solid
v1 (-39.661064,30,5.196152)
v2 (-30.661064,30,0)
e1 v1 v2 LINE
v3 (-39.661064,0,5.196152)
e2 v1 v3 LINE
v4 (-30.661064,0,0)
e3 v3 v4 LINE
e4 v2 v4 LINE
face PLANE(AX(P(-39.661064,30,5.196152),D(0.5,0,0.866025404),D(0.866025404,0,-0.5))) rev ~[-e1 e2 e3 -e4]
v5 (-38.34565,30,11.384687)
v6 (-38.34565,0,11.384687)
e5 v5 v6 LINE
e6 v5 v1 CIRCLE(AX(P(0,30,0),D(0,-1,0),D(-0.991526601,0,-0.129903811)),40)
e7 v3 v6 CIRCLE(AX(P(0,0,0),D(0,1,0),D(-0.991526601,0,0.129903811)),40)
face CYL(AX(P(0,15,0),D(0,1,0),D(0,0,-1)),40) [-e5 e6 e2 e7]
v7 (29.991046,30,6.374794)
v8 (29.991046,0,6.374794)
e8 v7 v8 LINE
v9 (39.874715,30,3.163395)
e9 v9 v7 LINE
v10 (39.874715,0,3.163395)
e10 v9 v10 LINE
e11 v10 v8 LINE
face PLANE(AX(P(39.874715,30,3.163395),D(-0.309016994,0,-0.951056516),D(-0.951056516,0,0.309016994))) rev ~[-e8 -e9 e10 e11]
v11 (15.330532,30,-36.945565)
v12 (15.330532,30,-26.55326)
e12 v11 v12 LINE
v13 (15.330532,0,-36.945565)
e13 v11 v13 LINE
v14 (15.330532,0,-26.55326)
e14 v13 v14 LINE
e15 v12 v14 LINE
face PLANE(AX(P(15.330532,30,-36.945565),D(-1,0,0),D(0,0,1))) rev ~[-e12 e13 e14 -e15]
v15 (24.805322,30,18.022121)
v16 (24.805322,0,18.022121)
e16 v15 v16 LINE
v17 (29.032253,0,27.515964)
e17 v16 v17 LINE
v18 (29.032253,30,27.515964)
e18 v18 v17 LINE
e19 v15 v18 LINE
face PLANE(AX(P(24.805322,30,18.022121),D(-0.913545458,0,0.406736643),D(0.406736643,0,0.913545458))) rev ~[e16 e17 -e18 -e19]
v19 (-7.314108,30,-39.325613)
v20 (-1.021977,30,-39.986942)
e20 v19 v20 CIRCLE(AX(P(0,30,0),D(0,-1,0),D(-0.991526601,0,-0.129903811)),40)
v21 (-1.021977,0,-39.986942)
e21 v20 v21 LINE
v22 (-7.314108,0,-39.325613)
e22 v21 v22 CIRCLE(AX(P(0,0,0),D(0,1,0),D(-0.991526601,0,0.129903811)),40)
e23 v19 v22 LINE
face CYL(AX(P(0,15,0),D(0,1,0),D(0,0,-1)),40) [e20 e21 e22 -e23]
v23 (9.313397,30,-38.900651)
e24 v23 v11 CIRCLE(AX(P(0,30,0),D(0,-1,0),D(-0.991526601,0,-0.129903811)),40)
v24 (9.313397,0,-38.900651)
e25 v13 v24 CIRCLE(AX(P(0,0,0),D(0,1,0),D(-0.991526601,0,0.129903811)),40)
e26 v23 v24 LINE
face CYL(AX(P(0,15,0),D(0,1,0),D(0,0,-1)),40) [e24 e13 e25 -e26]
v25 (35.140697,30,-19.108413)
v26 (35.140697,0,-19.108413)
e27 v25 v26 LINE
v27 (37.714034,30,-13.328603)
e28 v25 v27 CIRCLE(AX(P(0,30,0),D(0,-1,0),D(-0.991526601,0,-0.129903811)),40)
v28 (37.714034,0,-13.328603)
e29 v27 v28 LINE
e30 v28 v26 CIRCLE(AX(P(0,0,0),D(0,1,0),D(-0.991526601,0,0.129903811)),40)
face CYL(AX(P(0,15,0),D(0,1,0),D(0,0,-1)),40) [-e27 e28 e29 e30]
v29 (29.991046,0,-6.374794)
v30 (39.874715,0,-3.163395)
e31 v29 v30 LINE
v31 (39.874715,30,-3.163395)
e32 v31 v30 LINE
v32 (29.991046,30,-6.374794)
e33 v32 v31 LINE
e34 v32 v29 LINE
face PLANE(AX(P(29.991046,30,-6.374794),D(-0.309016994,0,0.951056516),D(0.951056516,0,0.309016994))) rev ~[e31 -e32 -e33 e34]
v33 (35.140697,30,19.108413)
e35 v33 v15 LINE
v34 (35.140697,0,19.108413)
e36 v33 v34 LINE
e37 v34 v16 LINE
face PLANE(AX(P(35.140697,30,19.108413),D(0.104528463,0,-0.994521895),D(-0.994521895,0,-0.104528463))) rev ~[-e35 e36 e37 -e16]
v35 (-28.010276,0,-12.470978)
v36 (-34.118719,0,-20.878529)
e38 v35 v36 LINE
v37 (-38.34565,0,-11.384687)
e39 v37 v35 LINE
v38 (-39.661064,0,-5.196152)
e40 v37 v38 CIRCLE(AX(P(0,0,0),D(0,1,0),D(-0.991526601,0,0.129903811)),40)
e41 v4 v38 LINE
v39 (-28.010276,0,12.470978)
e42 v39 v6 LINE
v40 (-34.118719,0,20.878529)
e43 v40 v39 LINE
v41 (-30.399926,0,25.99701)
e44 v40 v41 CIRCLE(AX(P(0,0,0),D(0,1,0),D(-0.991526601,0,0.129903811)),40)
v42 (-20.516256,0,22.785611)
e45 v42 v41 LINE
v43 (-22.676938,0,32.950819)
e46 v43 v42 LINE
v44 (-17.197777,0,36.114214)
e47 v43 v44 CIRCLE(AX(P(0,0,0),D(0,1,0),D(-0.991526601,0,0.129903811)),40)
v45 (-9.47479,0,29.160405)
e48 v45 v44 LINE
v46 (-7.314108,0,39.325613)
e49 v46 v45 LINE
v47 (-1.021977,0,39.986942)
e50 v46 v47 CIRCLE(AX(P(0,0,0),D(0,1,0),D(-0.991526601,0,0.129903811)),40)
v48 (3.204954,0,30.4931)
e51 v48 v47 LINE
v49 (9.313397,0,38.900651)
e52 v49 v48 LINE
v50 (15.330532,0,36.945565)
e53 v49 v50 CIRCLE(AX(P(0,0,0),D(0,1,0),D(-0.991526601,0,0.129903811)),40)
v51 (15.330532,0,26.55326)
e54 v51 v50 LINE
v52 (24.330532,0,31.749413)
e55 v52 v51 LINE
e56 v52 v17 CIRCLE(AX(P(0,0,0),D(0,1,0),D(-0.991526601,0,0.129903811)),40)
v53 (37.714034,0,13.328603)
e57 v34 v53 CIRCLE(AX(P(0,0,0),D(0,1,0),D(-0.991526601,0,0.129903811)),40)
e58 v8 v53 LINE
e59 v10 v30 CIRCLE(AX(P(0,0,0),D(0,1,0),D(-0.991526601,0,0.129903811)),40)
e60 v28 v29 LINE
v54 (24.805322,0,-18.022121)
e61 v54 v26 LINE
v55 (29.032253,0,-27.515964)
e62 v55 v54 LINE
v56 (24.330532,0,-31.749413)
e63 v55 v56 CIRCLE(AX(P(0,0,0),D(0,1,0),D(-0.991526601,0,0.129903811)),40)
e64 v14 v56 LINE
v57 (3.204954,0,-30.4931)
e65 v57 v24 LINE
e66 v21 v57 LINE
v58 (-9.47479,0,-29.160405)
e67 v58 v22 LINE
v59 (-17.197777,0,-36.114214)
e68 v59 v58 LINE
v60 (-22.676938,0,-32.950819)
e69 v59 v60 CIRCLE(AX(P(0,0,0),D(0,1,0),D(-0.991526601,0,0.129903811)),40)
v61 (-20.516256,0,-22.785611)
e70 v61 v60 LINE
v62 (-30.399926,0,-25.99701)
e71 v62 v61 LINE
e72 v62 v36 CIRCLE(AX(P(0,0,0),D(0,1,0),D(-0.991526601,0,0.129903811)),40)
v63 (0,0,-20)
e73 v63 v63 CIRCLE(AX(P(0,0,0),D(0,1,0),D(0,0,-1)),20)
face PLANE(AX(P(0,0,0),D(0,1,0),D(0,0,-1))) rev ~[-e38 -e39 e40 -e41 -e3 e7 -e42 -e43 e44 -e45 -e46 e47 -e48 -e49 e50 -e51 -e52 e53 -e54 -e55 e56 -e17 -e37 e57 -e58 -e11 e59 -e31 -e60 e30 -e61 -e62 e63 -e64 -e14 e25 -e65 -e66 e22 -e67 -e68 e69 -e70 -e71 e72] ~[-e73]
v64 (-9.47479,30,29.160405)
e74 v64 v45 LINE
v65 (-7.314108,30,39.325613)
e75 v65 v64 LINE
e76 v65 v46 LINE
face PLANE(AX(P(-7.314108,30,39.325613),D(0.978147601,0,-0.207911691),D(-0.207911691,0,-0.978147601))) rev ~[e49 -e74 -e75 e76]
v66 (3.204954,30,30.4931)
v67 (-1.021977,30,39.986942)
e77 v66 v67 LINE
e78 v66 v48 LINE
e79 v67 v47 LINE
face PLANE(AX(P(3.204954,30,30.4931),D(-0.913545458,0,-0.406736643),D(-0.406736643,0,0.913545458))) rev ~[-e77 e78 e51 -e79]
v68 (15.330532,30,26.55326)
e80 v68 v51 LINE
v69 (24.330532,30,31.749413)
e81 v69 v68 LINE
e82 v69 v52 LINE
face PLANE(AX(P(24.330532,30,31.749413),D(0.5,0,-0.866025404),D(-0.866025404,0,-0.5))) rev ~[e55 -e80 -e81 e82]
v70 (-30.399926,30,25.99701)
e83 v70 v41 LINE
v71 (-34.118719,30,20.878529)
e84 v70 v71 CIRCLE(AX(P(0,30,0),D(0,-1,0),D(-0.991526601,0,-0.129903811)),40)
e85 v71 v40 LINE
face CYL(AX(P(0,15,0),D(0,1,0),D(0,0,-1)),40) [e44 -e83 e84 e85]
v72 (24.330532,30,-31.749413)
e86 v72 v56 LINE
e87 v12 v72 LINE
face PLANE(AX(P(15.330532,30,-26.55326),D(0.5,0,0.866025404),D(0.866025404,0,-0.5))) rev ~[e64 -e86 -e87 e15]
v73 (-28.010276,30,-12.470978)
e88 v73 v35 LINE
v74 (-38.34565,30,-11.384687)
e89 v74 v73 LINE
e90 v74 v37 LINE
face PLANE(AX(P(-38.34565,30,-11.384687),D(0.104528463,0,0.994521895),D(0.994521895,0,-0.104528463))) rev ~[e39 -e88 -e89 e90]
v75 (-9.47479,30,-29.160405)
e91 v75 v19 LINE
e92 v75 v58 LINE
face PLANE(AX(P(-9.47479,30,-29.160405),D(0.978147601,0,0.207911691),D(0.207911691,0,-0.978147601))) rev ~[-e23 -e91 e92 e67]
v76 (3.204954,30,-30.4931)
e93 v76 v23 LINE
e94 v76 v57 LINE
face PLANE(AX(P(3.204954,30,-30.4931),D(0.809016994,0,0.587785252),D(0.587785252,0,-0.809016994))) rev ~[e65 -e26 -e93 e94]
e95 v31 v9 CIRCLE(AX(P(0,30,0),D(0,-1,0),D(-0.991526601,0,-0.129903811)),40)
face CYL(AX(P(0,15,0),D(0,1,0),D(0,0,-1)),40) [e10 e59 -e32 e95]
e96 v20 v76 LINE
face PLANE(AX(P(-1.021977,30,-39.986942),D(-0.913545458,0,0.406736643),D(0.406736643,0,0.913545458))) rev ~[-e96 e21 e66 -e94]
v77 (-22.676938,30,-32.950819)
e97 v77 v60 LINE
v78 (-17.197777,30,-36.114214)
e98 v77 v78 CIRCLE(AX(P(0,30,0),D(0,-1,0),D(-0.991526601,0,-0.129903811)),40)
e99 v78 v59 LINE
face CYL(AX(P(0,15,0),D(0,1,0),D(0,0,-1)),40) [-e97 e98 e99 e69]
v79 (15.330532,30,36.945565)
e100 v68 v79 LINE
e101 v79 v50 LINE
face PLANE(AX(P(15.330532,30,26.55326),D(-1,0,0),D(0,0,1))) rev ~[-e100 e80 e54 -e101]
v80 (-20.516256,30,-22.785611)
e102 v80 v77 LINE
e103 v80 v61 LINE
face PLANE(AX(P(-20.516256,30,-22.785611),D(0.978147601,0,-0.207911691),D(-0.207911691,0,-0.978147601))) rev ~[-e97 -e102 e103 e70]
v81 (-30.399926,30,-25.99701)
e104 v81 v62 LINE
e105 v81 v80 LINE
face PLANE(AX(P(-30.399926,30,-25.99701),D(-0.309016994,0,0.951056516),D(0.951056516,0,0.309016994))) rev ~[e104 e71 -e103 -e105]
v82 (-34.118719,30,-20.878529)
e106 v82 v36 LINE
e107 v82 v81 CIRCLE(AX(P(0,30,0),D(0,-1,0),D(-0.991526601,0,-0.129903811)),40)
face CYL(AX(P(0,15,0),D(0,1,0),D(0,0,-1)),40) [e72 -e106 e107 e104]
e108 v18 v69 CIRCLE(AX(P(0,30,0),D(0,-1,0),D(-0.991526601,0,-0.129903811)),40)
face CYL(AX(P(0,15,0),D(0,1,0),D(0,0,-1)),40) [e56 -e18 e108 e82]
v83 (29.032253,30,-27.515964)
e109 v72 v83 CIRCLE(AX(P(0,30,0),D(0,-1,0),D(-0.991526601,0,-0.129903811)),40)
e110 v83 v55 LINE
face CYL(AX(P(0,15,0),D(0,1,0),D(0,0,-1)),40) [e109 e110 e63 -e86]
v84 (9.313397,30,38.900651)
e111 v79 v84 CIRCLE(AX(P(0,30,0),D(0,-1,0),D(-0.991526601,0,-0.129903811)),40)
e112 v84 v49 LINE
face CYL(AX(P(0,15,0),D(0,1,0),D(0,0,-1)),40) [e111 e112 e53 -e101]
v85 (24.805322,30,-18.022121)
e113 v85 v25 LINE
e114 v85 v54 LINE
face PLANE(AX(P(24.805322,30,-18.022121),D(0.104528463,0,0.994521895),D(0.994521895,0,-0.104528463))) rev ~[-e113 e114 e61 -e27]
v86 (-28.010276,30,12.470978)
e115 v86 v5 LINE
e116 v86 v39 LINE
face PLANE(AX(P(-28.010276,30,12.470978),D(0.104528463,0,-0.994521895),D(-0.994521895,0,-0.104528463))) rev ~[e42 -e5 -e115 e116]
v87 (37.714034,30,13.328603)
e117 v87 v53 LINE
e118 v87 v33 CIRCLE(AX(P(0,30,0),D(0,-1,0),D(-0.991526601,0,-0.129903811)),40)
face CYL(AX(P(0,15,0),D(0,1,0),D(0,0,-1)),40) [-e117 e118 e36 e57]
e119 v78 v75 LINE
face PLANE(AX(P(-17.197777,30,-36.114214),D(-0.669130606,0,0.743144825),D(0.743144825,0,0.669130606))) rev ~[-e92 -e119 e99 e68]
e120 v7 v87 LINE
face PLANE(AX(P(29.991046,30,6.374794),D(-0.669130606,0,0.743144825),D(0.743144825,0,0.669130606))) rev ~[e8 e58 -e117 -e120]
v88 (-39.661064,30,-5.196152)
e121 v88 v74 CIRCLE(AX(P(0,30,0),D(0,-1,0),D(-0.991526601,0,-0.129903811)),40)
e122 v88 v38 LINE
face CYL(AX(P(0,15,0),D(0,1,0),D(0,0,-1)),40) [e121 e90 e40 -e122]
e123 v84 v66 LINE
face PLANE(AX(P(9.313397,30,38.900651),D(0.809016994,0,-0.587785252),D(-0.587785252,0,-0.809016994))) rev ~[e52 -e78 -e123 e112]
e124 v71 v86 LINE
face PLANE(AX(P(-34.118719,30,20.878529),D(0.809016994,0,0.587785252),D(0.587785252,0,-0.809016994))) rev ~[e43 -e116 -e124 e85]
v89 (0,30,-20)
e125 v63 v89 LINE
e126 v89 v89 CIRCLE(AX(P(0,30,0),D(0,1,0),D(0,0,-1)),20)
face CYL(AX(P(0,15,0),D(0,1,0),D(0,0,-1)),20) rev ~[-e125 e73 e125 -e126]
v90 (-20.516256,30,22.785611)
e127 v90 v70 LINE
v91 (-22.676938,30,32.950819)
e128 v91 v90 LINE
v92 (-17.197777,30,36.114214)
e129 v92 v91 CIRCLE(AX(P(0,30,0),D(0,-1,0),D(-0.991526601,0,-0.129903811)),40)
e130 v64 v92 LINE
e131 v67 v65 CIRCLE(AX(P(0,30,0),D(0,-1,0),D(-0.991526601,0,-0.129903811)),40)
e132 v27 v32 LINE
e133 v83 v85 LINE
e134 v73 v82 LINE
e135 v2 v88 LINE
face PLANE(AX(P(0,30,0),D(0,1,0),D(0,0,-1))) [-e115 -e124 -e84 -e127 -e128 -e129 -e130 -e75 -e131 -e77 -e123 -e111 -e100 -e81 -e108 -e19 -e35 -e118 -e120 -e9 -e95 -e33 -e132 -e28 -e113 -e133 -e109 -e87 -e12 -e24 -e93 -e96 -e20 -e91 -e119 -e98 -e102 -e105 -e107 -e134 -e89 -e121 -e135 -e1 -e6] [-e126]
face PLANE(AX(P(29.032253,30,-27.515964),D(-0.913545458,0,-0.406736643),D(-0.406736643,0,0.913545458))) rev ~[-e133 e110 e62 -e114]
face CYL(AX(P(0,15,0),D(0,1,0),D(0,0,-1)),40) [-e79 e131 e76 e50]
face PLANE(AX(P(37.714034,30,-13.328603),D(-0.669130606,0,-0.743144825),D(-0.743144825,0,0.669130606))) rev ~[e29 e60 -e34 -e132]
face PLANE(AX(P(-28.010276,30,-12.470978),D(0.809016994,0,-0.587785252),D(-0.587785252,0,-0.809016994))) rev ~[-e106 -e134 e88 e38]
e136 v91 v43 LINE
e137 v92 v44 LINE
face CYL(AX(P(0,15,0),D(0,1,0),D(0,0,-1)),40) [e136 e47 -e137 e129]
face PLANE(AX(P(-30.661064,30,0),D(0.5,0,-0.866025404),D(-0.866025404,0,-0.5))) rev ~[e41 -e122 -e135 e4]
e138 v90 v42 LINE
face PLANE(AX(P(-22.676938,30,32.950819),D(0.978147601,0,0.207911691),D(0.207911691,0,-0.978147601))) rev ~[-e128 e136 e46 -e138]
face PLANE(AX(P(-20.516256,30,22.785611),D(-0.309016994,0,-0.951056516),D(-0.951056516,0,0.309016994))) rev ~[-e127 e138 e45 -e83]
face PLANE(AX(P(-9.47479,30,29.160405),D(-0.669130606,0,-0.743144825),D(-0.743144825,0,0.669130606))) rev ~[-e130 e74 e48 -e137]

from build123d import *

# Parameters (mm, degrees)
SKETCH_2_W               = 20
SKETCH_2_H               = 30
CUT_EXTRUDE_1_DEPTH      = 65.031242374
PATTERN_CIRCULAR_2_COUNT = 15


with BuildPart() as part:
    # 草图2 → 旋转1 (revolve)
    with BuildSketch(Plane.XY, mode=Mode.PRIVATE) as revolve_1_sk:
        with Locations((-30, 15)):
            Rectangle(SKETCH_2_W, SKETCH_2_H)
    revolve(revolve_1_sk.sketch.rotate(Axis((0, 0, 0), (0, 1, 0)), 270), axis=Axis((0, 0, 0), (0, 1, 0)))

    # 草图3 → 切除-拉伸1 (cut, through all)
    with BuildSketch(Plane(origin=(0, 30, 0), x_dir=(1, 0, 0), z_dir=(0, 1, 0))):
        Polygon((-30.66106403, 0), (-39.66106403, 5.196152423), (-48.66106403, 0), (-39.66106403, -5.196152423), align=None)
    cut_extrude_1 = extrude(amount=-CUT_EXTRUDE_1_DEPTH, mode=Mode.SUBTRACT)

    # 阵列(圆周)2: 切除-拉伸1 ×15 about axis
    pattern_circular_2_axis = Axis((0, 0, 0), (0, 1, 0))
    for i in range(1, PATTERN_CIRCULAR_2_COUNT):
        add(cut_extrude_1.rotate(pattern_circular_2_axis, i * 360 / PATTERN_CIRCULAR_2_COUNT), mode=Mode.SUBTRACT)


solid = part.part
